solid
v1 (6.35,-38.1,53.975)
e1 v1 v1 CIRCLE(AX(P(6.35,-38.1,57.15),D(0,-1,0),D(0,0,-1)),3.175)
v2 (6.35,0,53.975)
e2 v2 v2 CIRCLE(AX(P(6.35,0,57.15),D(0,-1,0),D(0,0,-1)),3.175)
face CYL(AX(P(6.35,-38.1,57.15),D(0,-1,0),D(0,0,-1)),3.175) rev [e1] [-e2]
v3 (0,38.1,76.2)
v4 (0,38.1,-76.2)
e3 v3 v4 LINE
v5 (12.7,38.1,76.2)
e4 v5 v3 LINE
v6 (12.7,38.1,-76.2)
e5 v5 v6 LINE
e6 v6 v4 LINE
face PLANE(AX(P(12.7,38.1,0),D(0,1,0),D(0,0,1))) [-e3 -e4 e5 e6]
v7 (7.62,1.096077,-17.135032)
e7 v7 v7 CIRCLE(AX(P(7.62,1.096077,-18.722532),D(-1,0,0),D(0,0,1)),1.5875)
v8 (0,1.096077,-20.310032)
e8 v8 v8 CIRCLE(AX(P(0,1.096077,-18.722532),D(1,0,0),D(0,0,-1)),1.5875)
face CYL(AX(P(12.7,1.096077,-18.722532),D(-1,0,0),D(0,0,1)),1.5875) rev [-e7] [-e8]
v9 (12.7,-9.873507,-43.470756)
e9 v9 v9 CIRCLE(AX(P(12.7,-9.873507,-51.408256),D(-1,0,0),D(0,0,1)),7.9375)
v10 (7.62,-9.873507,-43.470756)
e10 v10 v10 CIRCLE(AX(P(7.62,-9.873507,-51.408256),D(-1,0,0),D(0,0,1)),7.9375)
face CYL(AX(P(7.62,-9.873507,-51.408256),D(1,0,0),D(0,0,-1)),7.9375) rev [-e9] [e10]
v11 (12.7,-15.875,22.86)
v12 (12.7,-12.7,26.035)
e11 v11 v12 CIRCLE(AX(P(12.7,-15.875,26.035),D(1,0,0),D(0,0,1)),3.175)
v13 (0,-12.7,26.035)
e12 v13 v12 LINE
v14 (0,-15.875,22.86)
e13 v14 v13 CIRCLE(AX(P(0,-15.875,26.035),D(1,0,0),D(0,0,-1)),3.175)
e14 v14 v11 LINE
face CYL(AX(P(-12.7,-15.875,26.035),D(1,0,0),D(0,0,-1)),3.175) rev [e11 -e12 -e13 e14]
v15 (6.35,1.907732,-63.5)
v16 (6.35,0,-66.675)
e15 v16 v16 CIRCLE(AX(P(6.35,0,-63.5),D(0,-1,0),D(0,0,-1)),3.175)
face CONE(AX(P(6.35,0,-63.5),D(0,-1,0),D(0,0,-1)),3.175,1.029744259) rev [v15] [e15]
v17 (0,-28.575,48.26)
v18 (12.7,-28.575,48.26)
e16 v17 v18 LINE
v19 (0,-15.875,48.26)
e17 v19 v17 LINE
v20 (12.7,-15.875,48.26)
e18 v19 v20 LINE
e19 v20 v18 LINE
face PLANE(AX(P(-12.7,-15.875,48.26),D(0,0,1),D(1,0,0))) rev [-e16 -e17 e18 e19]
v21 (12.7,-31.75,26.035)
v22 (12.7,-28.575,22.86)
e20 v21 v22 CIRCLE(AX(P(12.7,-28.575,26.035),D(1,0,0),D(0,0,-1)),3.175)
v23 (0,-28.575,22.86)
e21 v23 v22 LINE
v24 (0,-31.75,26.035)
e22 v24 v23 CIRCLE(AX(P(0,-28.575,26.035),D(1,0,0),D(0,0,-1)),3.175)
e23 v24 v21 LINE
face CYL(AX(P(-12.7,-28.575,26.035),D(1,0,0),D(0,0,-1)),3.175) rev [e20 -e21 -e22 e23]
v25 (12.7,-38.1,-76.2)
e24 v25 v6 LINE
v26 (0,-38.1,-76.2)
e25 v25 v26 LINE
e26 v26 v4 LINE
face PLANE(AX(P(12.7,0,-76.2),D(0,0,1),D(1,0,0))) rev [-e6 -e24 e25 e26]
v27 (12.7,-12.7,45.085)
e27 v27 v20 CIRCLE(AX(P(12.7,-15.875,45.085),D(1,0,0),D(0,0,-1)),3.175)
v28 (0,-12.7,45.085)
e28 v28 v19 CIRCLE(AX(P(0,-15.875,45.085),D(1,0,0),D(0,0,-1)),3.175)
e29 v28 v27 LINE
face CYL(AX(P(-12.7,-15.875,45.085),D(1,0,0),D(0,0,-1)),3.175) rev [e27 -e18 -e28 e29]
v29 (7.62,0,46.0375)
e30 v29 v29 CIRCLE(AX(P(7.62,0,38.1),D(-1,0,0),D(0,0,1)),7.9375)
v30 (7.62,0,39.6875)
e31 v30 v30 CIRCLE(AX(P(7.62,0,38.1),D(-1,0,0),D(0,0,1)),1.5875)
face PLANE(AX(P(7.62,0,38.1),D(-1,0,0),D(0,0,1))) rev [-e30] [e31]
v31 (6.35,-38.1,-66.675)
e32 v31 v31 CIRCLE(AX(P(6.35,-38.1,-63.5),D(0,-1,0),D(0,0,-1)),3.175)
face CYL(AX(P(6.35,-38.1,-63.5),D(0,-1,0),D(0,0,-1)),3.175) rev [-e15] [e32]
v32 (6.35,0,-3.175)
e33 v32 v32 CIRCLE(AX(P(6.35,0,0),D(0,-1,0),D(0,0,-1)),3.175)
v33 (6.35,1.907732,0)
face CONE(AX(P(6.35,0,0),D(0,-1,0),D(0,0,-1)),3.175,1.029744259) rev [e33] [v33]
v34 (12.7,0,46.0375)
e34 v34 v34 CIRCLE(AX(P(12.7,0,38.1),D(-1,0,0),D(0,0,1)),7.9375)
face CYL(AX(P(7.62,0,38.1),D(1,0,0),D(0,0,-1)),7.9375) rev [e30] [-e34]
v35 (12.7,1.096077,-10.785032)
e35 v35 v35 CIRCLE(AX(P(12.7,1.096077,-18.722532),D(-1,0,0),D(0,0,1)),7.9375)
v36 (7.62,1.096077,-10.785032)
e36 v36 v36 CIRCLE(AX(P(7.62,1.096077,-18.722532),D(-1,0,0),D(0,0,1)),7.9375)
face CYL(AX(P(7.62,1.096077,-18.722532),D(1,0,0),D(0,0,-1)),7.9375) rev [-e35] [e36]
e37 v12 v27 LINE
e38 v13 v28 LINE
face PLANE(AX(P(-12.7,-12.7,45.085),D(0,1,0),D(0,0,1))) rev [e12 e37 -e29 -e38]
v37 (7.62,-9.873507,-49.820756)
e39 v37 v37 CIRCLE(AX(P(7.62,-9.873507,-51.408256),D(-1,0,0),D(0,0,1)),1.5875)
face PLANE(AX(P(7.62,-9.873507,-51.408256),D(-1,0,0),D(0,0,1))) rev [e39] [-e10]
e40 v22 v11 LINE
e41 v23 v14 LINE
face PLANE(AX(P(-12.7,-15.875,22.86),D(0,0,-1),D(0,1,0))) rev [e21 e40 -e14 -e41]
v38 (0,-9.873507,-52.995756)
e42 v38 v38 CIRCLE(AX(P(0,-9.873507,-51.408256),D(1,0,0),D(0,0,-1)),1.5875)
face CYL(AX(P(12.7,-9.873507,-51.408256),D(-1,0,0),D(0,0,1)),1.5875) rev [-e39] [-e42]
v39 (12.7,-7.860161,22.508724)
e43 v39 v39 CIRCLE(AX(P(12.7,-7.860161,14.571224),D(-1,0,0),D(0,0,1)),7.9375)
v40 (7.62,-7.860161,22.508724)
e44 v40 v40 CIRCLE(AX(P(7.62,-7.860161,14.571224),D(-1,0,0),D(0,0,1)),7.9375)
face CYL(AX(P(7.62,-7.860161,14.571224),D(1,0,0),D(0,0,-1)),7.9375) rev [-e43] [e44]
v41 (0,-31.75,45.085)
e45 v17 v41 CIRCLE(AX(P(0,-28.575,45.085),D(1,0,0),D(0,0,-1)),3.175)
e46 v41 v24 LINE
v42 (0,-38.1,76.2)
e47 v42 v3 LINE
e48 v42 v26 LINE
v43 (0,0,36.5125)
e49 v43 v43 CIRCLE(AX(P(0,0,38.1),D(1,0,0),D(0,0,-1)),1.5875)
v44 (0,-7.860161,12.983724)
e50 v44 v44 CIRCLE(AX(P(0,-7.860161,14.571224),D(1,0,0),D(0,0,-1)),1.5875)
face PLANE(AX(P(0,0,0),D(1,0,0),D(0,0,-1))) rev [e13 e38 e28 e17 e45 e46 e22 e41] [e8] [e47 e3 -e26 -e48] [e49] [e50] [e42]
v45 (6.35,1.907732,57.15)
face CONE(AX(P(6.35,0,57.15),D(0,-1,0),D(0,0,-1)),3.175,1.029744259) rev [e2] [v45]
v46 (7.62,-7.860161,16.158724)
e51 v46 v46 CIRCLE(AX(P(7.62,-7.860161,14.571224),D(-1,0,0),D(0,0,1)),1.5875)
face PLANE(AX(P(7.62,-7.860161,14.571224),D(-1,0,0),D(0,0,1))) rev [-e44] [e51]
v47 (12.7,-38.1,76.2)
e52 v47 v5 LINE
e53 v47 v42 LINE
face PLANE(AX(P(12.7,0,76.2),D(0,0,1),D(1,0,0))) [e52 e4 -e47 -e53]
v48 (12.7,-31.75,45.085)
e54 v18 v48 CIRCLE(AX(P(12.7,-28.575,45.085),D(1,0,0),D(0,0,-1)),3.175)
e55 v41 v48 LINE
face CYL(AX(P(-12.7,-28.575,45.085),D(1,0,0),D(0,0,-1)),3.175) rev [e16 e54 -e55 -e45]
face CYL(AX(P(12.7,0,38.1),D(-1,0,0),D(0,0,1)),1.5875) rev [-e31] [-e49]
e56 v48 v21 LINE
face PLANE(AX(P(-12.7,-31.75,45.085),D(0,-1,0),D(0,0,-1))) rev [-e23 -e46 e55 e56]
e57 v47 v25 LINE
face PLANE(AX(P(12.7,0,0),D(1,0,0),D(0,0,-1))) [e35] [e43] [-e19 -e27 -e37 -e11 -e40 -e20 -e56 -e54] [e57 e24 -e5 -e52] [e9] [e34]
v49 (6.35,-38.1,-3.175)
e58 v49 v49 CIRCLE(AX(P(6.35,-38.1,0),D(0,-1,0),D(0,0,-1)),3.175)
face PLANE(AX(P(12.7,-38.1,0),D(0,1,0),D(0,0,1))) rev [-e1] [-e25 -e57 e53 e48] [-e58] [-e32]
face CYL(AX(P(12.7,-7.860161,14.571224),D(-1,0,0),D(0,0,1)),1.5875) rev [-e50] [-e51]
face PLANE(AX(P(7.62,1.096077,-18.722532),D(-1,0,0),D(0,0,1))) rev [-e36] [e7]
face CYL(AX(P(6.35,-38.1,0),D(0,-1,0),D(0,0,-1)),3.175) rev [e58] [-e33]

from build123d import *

# Parameters (mm, degrees)
SKETCH1_W                       = 152.4
SKETCH1_H                       = 76.2
SKETCH1_R                       = 1.5875
BOSS_EXTRUDE1_DEPTH             = 12.7
SKETCH2_R                       = 7.9375
CUT_EXTRUDE1_DEPTH              = 5.08
F_1_4_0_25_DIAMETER_HOLE1_D     = 6.35
F_1_4_0_25_DIAMETER_HOLE1_DEPTH = 38.1
F_1_4_0_25_DIAMETER_HOLE1_TIP   = 1.907732465
CUT_EXTRUDE2_DEPTH              = 25.4


with BuildPart() as part:
    # Sketch1 → Boss-Extrude1 (new body)
    with BuildSketch(Plane(origin=(0, 0, 0), x_dir=(0, 0, -1), z_dir=(1, 0, 0))):
        Rectangle(SKETCH1_W, SKETCH1_H)
        with Locations((18.72253158, 1.096077429)):
            Circle(SKETCH1_R, mode=Mode.SUBTRACT)
        with Locations((-38.1, 0)):
            Circle(SKETCH1_R, mode=Mode.SUBTRACT)
        with Locations((-14.571224015, -7.860160654)):
            Circle(SKETCH1_R, mode=Mode.SUBTRACT)
        with Locations((51.408255992, -9.873506971)):
            Circle(SKETCH1_R, mode=Mode.SUBTRACT)
    extrude(amount=BOSS_EXTRUDE1_DEPTH)

    # Sketch2 → Cut-Extrude1 (cut)
    with BuildSketch(Plane.ZY.offset(-12.7)):
        with Locations((38.1, 0)):
            Circle(SKETCH2_R)
        with Locations((14.571224015, -7.860160654)):
            Circle(SKETCH2_R)
        with Locations((-18.72253158, 1.096077429)):
            Circle(SKETCH2_R)
        with Locations((-51.408255992, -9.873506971)):
            Circle(SKETCH2_R)
    extrude(amount=CUT_EXTRUDE1_DEPTH, mode=Mode.SUBTRACT)

    # 1/4 (0.25) Diameter Hole1
    with Locations(Plane.XZ.offset(38.1)):
        with Locations((6.35, -63.5), (6.35, 0), (6.35, 57.15)):
            Hole(F_1_4_0_25_DIAMETER_HOLE1_D / 2, depth=F_1_4_0_25_DIAMETER_HOLE1_DEPTH)
            with Locations((0, 0, -(F_1_4_0_25_DIAMETER_HOLE1_DEPTH + F_1_4_0_25_DIAMETER_HOLE1_TIP / 2))):  # 118° drill point
                Cone(0, F_1_4_0_25_DIAMETER_HOLE1_D / 2, F_1_4_0_25_DIAMETER_HOLE1_TIP, mode=Mode.SUBTRACT)

    # Sketch5 → Cut-Extrude2 (cut)
    with BuildSketch(Plane(origin=(12.7, 0, 0), x_dir=(0, 0, -1), z_dir=(1, 0, 0))):
        with BuildLine():
            Line((-45.085, -12.7), (-26.035, -12.7))
            ThreePointArc((-26.035, -12.7), (-23.78993597, -13.62993597), (-22.86, -15.875))
            Line((-22.86, -15.875), (-22.86, -28.575))
            ThreePointArc((-22.86, -28.575), (-23.78993597, -30.82006403), (-26.035, -31.75))
            Line((-26.035, -31.75), (-45.085, -31.75))
            ThreePointArc((-45.085, -31.75), (-47.33006403, -30.82006403), (-48.26, -28.575))
            Line((-48.26, -28.575), (-48.26, -15.875))
            ThreePointArc((-48.26, -15.875), (-47.33006403, -13.62993597), (-45.085, -12.7))
        make_face()
    extrude(amount=-CUT_EXTRUDE2_DEPTH, mode=Mode.SUBTRACT)


solid = part.part
